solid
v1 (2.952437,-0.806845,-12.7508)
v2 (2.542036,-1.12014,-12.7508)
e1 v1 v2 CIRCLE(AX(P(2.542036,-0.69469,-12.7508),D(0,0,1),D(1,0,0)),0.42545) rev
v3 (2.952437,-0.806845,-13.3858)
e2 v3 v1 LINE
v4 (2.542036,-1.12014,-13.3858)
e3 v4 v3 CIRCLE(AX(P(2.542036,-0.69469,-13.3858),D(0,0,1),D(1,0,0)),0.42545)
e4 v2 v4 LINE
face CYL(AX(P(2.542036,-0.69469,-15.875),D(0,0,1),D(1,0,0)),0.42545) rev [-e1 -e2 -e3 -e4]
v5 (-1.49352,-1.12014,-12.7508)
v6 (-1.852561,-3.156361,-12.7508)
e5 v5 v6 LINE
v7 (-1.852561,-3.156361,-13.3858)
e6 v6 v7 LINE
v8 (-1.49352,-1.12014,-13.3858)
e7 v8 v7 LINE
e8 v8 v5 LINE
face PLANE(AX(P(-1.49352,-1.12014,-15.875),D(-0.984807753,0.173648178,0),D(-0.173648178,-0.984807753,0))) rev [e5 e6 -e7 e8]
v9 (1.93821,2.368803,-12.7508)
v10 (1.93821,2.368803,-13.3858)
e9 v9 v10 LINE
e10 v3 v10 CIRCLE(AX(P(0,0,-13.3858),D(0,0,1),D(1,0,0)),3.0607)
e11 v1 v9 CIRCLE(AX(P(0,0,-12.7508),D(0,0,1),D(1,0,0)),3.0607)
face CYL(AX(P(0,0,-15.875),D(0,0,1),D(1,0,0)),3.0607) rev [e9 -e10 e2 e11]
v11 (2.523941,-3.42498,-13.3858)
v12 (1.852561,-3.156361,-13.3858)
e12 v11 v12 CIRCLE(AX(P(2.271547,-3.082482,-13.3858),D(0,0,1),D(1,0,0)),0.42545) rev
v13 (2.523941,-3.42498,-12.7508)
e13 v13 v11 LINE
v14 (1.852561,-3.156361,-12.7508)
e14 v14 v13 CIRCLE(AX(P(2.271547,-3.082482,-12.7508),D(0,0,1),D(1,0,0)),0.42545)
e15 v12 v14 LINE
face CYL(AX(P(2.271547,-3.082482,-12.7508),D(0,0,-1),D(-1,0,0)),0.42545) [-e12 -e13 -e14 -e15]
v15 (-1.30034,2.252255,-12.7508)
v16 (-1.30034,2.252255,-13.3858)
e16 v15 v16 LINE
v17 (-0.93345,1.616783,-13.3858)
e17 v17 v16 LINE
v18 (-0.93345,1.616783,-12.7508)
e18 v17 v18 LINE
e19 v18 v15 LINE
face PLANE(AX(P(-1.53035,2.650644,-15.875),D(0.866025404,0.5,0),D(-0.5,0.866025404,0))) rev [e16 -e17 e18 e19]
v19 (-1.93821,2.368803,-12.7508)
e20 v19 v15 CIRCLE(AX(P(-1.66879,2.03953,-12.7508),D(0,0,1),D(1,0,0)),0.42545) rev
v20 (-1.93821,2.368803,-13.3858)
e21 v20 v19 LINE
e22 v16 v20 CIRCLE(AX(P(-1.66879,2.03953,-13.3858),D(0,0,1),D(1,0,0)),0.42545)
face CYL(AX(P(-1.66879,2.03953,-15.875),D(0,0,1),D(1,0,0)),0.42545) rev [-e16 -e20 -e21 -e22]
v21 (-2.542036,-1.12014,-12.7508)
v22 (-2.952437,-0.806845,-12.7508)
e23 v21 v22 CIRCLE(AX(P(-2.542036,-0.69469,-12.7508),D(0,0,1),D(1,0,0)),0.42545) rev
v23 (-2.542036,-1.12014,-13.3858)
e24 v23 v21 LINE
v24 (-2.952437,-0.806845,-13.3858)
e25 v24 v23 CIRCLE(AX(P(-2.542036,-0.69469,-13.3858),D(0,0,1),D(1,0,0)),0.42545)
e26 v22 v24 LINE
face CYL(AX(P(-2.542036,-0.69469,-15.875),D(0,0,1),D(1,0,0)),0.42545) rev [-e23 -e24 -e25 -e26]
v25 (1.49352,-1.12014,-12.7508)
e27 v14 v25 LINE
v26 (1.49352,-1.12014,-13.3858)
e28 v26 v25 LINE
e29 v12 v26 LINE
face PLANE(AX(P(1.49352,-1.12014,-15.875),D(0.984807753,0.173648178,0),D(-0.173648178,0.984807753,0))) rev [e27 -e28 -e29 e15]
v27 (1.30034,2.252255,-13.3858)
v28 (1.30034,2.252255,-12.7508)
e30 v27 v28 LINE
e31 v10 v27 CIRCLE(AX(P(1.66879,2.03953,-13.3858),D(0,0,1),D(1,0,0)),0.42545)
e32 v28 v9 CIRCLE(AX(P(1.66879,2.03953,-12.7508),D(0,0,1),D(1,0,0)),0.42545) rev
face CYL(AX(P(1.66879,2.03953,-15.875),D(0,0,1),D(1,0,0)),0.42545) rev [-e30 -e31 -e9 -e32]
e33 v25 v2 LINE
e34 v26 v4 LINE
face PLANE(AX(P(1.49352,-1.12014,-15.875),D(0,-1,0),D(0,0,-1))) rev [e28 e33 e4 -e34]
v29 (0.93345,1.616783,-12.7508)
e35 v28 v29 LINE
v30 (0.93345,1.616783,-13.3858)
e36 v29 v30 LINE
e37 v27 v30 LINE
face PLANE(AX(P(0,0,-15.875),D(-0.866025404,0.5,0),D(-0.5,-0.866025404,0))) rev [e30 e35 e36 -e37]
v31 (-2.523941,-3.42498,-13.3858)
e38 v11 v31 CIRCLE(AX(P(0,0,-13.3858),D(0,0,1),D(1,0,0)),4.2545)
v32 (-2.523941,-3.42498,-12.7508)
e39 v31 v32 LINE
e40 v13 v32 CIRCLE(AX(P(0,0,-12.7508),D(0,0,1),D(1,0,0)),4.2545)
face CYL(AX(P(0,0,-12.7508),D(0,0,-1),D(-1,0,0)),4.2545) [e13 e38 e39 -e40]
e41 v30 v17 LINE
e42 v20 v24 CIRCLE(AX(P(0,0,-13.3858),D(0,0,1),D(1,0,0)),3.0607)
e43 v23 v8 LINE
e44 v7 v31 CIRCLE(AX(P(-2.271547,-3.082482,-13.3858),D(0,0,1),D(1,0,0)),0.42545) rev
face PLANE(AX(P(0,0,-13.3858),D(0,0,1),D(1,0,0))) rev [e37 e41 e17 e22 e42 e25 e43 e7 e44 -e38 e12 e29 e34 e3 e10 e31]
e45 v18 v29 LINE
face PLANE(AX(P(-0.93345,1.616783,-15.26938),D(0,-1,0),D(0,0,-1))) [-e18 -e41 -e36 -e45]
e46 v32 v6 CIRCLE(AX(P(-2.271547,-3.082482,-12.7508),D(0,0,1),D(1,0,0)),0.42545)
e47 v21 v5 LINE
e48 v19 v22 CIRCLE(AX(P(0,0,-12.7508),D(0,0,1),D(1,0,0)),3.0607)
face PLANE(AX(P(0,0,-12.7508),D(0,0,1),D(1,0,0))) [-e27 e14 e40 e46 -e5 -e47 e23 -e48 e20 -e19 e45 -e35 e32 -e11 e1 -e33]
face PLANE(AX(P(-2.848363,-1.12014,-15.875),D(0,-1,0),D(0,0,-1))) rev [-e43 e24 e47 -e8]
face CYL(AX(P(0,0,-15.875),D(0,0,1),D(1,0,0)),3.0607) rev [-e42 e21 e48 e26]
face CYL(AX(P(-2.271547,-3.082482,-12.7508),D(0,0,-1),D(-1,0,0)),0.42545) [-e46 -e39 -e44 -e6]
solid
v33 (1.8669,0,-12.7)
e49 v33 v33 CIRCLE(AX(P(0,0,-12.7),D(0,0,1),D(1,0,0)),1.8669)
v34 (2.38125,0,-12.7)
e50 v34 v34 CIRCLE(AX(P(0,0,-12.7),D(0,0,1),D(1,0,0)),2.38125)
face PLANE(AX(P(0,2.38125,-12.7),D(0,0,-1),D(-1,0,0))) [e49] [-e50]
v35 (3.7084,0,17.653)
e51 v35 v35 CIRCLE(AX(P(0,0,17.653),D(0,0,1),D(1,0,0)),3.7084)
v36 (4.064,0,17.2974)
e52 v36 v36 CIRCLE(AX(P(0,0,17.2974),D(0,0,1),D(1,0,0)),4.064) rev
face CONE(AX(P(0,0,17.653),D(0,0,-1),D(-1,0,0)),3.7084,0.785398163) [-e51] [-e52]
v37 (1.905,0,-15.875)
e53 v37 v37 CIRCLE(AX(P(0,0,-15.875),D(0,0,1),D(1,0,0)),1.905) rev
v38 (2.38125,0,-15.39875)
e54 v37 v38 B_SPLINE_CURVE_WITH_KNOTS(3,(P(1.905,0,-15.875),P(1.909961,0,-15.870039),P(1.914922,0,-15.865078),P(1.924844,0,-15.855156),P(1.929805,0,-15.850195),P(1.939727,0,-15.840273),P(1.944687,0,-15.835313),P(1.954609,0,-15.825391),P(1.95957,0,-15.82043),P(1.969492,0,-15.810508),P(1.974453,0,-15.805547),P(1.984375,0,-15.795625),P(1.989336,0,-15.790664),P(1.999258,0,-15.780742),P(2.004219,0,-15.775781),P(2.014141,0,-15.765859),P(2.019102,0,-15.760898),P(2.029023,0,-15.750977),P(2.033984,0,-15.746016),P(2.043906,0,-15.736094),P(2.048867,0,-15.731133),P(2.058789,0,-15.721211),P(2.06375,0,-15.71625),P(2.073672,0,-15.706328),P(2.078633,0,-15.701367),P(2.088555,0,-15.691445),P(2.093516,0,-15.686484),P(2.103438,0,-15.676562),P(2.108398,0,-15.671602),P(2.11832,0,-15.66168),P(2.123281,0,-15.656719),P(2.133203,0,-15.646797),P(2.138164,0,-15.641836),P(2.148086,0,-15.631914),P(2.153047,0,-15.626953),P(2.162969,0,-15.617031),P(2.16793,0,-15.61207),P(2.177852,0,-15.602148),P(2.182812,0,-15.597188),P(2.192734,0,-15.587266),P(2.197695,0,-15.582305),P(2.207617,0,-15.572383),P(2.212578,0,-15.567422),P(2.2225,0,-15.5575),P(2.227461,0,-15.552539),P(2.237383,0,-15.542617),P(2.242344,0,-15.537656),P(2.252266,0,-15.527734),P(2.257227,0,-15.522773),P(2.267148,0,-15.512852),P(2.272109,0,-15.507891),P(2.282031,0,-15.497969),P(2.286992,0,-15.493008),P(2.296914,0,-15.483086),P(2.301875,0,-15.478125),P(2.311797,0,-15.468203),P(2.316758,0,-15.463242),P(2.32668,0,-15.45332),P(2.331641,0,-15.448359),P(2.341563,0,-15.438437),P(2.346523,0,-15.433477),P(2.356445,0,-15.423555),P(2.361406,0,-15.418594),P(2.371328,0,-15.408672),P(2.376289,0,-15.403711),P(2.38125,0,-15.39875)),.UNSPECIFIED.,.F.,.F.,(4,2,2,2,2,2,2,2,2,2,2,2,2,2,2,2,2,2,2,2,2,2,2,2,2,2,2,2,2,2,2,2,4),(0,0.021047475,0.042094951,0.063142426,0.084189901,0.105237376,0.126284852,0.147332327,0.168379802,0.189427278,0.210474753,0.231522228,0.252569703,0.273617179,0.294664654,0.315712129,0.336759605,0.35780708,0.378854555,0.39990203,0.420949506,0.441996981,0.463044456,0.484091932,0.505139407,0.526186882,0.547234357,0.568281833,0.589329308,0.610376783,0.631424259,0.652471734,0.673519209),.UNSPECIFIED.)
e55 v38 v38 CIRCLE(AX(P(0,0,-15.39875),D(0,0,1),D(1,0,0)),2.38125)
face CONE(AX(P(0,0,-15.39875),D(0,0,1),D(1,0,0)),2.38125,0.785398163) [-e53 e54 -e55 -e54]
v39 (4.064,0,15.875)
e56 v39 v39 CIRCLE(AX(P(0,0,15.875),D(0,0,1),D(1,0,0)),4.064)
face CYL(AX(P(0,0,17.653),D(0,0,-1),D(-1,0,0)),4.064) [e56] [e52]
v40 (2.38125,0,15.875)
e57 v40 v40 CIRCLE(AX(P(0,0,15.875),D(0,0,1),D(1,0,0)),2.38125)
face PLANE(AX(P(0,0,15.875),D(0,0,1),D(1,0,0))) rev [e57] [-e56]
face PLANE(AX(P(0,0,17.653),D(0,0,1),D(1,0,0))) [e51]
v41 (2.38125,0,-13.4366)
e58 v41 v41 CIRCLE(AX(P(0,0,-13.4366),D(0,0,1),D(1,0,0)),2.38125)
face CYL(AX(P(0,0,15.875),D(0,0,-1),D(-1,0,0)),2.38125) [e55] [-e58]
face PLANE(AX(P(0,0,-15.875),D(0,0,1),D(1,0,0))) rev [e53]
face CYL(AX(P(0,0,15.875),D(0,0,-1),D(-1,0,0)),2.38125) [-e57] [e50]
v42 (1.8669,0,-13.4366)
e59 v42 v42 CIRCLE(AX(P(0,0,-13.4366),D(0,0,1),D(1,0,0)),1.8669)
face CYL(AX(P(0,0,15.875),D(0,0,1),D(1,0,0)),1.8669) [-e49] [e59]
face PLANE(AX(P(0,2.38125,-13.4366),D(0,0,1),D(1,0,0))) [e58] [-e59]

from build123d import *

# Parameters (mm, degrees)
SKETCH2_R      = 2.38125
EXTRUDE1_DEPTH = 15.875
SKETCH3_W      = 0.7366
SKETCH3_H      = 0.51435
SKETCH8_R      = 4.064
EXTRUDE6_DEPTH = 1.778
CHAMFER2_SIZE  = 0.3556
SKETCH4_R      = 4.2545
SKETCH4_R_2    = 1.8669
EXTRUDE2_DEPTH = 0.3175
EXTRUDE4_DEPTH = 19.650199717
EXTRUDE5_DEPTH = 0.635
FILLET1_R      = 0.42545
CHAMFER1_SIZE  = 0.47625


with BuildPart() as part:
    # Sketch2 → Extrude1 (new, symmetric)
    with BuildSketch(Plane.XY):
        Circle(SKETCH2_R)
    extrude(amount=EXTRUDE1_DEPTH, both=True)

    # Sketch3 → Cut-Revolve1 (revolve, cut)
    with BuildSketch(Plane(origin=(0, 0, 0), x_dir=(0, 0, -1), z_dir=(1, 0, 0)), mode=Mode.PRIVATE) as cut_revolve1_sk:
        with Locations((13.0683, 2.124075)):
            Rectangle(SKETCH3_W, SKETCH3_H)
    revolve(cut_revolve1_sk.sketch.rotate(Axis((0, 0, 15.875), (0, 0, -1)), 90), axis=Axis((0, 0, 15.875), (0, 0, -1)), mode=Mode.SUBTRACT)

    # Sketch8 → Extrude6 (add)
    with BuildSketch(Plane.XY.offset(15.875)):
        Circle(SKETCH8_R)
    extrude(amount=EXTRUDE6_DEPTH)

    # Chamfer2
    chamfer2_edges = [part.edges().sort_by_distance(p)[0] for p in [
        (-4.064, 0, 17.653),
    ]]
    chamfer(chamfer2_edges, length=CHAMFER2_SIZE)

    # Chamfer1
    chamfer1_edges = [part.edges().sort_by_distance(p)[0] for p in [
        (-2.38125, 0, -15.875),
    ]]
    chamfer(chamfer1_edges, length=CHAMFER1_SIZE)


with BuildPart() as body_2:
    # Sketch4 → Extrude2 (new, symmetric)
    with BuildSketch(Plane.XY.offset(-13.0683)):
        Circle(SKETCH4_R)
        Circle(SKETCH4_R_2, mode=Mode.SUBTRACT)
    extrude(amount=EXTRUDE2_DEPTH, both=True)

    # Sketch5 → Extrude4 (cut, through all)
    with BuildSketch(Plane.XY):
        with BuildLine():
            Line((-1.53035, 2.650643953), (0, 0))
            Line((0, 0), (1.53035, 2.650643953))
            ThreePointArc((1.53035, 2.650643953), (2.889287878, 1.00990101), (2.84836284, -1.12014))
            Line((2.84836284, -1.12014), (1.49352, -1.12014))
            Line((1.49352, -1.12014), (1.96168838, -3.775254819))
            ThreePointArc((1.96168838, -3.775254819), (0, -4.2545), (-1.96168838, -3.775254819))
            Line((-1.96168838, -3.775254819), (-1.49352, -1.12014))
            Line((-1.49352, -1.12014), (-2.84836284, -1.12014))
            ThreePointArc((-2.84836284, -1.12014), (-2.889287878, 1.00990101), (-1.53035, 2.650643953))
        make_face()
    extrude(amount=-EXTRUDE4_DEPTH, mode=Mode.SUBTRACT)

    # Sketch6 → Extrude5 (add)
    with BuildSketch(Plane.XY.offset(-12.7508)):
        with BuildLine():
            Line((-0.93345, 1.616782826), (0.93345, 1.616782826))
            ThreePointArc((0.93345, 1.616782826), (0, 1.8669), (-0.93345, 1.616782826))
        make_face()
    extrude(amount=-EXTRUDE5_DEPTH)

    # Fillet1
    fillet1_edges = [body_2.edges().sort_by_distance(p)[0] for p in [
        (1.53035, 2.650643953, -13.0683),
        (1.96168838, -3.775254819, -13.0683),
        (-2.84836284, -1.12014, -13.0683),
        (2.84836284, -1.12014, -13.0683),
        (-1.96168838, -3.775254819, -13.0683),
        (-1.53035, 2.650643953, -13.0683),
    ]]
    fillet(fillet1_edges, radius=FILLET1_R)


solid = Compound([part.part, body_2.part])
